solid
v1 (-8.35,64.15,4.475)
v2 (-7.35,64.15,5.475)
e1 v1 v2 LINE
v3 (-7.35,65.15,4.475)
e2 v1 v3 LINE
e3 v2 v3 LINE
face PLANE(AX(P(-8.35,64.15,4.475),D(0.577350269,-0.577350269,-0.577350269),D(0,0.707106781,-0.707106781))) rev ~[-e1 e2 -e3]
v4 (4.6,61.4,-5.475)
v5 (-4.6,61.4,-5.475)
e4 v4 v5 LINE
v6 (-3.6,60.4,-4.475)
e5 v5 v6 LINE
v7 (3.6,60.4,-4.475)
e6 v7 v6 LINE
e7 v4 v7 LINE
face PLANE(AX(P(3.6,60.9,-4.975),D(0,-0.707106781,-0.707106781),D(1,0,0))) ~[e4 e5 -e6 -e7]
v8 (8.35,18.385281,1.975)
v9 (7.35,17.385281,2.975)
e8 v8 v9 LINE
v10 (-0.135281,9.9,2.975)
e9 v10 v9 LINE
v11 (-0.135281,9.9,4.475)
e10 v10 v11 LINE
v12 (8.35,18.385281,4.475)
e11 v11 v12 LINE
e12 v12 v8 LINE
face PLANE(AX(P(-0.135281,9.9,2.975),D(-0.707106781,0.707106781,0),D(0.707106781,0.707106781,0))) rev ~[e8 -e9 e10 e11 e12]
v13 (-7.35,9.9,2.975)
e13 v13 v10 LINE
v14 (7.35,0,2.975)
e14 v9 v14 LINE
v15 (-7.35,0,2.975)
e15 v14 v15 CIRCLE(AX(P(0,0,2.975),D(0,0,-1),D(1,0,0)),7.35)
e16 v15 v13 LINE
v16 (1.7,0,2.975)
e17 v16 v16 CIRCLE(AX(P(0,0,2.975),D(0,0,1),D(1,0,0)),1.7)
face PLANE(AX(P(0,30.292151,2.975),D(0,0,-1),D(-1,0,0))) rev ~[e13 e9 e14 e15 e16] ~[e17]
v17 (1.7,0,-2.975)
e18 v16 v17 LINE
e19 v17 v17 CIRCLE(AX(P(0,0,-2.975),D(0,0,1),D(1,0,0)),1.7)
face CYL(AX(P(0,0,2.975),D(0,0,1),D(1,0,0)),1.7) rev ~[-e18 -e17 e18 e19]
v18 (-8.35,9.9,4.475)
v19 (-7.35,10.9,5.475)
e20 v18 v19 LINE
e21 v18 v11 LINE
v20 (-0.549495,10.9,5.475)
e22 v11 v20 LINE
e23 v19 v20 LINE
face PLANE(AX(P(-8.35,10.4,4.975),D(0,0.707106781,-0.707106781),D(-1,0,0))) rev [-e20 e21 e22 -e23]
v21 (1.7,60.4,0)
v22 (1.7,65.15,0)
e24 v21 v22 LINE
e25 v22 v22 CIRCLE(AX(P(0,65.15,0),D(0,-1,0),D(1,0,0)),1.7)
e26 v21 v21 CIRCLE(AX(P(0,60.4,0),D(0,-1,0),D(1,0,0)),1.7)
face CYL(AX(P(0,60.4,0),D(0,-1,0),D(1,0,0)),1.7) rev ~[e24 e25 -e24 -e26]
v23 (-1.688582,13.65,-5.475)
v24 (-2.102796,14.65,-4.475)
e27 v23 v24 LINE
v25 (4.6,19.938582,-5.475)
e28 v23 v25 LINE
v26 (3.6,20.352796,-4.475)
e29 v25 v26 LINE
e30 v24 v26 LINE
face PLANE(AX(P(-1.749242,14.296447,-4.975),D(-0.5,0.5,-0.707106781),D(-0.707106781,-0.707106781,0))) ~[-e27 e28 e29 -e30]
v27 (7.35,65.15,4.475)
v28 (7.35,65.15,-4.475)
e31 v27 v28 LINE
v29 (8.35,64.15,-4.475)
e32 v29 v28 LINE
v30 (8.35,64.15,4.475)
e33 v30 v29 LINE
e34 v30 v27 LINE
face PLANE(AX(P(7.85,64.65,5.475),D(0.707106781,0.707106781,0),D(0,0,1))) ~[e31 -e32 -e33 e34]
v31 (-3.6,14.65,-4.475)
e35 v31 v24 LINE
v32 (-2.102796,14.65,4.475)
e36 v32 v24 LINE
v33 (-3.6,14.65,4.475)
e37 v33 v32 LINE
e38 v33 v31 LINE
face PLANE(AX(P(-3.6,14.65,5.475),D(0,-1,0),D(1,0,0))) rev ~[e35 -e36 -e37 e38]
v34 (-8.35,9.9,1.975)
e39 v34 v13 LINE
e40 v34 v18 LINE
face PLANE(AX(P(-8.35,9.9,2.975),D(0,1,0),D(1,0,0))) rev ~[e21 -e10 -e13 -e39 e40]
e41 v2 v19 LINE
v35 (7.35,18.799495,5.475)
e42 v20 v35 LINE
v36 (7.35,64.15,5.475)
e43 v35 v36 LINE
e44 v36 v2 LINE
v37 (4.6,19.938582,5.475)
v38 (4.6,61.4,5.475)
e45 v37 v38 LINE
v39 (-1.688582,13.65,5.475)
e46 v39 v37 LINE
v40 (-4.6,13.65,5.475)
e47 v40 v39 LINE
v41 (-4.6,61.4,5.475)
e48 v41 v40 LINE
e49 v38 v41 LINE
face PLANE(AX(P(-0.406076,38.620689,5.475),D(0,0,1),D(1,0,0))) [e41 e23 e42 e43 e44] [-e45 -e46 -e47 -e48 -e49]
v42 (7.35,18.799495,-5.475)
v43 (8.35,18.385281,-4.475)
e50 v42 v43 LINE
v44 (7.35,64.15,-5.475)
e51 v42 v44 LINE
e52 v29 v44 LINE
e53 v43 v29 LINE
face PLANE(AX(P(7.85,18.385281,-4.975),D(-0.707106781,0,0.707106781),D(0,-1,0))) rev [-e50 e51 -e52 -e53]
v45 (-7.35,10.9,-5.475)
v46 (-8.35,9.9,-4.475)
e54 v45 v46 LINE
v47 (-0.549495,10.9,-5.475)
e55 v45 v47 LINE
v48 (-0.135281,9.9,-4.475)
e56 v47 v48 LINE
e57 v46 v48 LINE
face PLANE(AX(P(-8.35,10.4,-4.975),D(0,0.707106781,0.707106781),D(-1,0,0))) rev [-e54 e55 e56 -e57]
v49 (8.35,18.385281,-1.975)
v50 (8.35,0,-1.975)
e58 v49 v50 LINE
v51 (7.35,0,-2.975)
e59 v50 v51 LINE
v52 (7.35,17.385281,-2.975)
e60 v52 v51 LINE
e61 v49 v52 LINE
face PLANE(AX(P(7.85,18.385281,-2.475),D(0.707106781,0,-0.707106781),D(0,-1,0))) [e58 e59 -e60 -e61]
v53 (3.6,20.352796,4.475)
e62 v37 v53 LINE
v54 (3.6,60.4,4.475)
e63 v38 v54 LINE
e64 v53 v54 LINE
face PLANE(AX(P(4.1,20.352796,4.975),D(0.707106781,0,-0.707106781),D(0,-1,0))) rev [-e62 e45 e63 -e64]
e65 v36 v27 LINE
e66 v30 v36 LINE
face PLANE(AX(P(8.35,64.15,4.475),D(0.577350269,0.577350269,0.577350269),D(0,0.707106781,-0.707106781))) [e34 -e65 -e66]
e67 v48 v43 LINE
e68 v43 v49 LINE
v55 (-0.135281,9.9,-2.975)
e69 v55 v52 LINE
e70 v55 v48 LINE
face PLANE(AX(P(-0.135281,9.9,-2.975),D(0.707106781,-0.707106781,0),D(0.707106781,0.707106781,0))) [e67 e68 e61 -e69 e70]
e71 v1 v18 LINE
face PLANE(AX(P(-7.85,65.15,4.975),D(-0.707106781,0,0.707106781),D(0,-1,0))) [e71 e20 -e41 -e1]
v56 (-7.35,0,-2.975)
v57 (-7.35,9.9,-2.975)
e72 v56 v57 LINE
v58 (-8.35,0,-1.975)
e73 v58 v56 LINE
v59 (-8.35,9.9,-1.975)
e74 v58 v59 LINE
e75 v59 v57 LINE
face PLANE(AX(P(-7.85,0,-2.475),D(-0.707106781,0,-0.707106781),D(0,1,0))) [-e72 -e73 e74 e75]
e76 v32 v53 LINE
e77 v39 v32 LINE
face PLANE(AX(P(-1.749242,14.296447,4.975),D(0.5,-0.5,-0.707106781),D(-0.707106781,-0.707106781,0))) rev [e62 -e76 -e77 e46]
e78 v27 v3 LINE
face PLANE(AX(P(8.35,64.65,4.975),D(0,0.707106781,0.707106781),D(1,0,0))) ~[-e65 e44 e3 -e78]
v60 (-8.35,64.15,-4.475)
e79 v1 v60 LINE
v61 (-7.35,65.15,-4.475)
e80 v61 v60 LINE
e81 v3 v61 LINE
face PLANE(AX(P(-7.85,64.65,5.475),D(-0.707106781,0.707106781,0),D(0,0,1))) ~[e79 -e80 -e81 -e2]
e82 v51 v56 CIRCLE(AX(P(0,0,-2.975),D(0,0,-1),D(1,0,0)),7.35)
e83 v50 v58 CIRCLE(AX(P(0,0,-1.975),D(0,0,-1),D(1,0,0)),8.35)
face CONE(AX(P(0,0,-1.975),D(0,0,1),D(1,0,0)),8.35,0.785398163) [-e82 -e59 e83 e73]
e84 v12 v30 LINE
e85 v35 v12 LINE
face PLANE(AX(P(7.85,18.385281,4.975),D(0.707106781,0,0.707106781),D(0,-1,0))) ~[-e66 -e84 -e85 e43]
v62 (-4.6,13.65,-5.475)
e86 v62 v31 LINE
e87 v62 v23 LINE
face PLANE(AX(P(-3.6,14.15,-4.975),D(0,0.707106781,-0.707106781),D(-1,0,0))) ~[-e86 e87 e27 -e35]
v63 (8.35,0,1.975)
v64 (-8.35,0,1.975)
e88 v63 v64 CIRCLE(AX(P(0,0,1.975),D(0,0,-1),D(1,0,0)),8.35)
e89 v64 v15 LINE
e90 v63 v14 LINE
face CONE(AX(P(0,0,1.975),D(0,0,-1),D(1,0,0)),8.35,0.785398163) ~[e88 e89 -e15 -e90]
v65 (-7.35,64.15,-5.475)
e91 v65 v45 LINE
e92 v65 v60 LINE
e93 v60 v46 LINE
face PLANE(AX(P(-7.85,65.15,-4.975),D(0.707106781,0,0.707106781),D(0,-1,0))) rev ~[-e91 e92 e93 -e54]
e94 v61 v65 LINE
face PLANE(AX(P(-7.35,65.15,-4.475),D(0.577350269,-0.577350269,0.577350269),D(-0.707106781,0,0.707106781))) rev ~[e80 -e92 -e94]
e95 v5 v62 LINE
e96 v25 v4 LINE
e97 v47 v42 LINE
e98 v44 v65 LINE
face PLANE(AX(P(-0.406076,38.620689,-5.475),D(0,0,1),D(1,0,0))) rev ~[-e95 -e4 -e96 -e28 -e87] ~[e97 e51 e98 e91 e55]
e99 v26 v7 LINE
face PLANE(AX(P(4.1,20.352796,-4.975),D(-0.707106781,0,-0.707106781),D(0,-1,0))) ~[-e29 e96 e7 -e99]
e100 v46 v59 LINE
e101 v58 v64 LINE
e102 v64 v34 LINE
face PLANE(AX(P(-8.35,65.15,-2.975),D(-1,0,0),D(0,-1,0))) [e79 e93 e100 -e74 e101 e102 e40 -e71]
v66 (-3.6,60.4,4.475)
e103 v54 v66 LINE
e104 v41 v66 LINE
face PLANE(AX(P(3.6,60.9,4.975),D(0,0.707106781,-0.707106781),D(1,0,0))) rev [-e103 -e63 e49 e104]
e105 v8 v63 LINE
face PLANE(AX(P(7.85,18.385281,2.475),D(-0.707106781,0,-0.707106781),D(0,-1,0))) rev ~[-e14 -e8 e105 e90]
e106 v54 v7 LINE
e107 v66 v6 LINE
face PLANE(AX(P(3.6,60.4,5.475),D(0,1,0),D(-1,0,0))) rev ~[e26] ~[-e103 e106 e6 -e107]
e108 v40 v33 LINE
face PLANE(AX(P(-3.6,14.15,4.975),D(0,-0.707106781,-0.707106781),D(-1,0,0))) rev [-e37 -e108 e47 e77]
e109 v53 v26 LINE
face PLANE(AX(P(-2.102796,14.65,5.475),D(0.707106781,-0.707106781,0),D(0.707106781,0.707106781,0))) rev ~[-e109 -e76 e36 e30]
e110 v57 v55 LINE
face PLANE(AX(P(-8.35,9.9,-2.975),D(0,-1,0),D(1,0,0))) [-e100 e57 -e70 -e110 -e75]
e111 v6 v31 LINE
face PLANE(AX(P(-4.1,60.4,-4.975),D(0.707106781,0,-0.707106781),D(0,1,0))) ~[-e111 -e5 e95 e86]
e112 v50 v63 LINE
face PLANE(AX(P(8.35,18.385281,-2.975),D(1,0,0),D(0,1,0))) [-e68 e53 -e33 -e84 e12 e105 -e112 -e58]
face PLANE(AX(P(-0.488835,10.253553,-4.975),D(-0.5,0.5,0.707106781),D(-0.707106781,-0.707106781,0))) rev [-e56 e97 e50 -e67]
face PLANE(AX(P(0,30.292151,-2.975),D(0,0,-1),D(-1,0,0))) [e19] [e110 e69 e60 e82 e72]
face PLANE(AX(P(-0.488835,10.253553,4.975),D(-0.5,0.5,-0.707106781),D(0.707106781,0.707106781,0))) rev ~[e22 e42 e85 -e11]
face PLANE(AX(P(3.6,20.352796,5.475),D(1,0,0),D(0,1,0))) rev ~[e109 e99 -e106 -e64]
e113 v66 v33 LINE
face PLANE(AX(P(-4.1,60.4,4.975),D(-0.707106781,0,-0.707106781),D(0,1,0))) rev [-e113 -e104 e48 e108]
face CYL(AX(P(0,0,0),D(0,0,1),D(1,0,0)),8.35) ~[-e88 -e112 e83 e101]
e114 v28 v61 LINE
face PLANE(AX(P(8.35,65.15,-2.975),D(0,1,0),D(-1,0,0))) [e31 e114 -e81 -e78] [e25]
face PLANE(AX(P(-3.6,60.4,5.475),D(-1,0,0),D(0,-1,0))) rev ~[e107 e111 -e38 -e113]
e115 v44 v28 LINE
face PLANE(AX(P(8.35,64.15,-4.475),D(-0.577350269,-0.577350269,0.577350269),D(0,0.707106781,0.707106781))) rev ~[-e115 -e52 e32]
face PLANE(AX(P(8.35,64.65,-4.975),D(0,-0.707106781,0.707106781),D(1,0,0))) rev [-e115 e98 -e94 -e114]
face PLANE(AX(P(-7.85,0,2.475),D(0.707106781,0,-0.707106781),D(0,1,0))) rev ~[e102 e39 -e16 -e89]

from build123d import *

# Parameters (mm, degrees)
BOSS_EXTRUDE1_DEPTH = 2.975
BOSS_EXTRUDE2_DEPTH = 2.5
BOSS_EXTRUDE3_START = -5.95
BOSS_EXTRUDE3_DEPTH = 2.5
CUT_EXTRUDE3_DEPTH  = 11.95
SKETCH6_R           = 1.7
CUT_EXTRUDE4_DEPTH  = 5.75
SKETCH7_R           = 1.7
CUT_EXTRUDE5_DEPTH  = 9.45
CHAMFER1_SIZE       = 1


with BuildPart() as part:
    # Sketch1 → Boss-Extrude1 (new body, symmetric)
    with BuildSketch(Plane.XY):
        with BuildLine():
            Line((-8.35, 0), (-8.35, 65.15))
            Line((-8.35, 65.15), (8.35, 65.15))
            Line((8.35, 65.15), (8.35, 0))
            ThreePointArc((8.35, 0), (0, -8.35), (-8.35, 0))
        make_face()
    extrude(amount=BOSS_EXTRUDE1_DEPTH, both=True)

    # Sketch4 → Boss-Extrude2 (add)
    with BuildSketch(Plane.XY.offset(2.975)):
        Polygon((-8.35, 65.15), (-8.35, 9.9), (-0.135281374, 9.9), (8.35, 18.385281374), (8.35, 65.15), align=None)
    extrude(amount=BOSS_EXTRUDE2_DEPTH)

    # Sketch4<2> → Boss-Extrude3 (add)
    with BuildSketch(Plane.XY.offset(2.975).offset(BOSS_EXTRUDE3_START)):
        Polygon((-8.35, 65.15), (-8.35, 9.9), (-0.135281374, 9.9), (8.35, 18.385281374), (8.35, 65.15), align=None)
    extrude(amount=-BOSS_EXTRUDE3_DEPTH)

    # Sketch5 → Cut-Extrude3 (cut, through all)
    with BuildSketch(Plane.XY.offset(5.475)):
        Polygon((-3.6, 14.65), (-2.102795796, 14.65), (3.6, 20.352795796), (3.6, 60.4), (-3.6, 60.4), align=None)
    extrude(amount=-CUT_EXTRUDE3_DEPTH, mode=Mode.SUBTRACT)

    # Sketch6 → Cut-Extrude4 (cut, through all)
    with BuildSketch(Plane.XZ.offset(-60.4)):
        Circle(SKETCH6_R)
    extrude(amount=-CUT_EXTRUDE4_DEPTH, mode=Mode.SUBTRACT)

    # Sketch7 → Cut-Extrude5 (cut, through all)
    with BuildSketch(Plane.XY.offset(2.975)):
        Circle(SKETCH7_R)
    extrude(amount=-CUT_EXTRUDE5_DEPTH, mode=Mode.SUBTRACT)

    # Chamfer1
    chamfer1_edges = [part.edges().sort_by_distance(p)[0] for p in [
        (-8.35, 4.95, 2.975),
        (0, 65.15, 5.475),
        (-8.35, 37.525, 5.475),
        (-4.242640687, 9.9, 5.475),
        (4.107359313, 14.142640687, 5.475),
        (8.35, 41.767640687, 5.475),
        (-8.35, 4.95, -2.975),
        (4.107359313, 14.142640687, -5.475),
        (-4.242640687, 9.9, -5.475),
        (-8.35, 37.525, -5.475),
        (0, 65.15, -5.475),
        (8.35, 41.767640687, -5.475),
        (0, -8.35, 2.975),
        (3.6, 40.376397898, -5.475),
        (0.748602102, 17.501397898, -5.475),
        (-2.851397898, 14.65, -5.475),
        (-3.6, 37.525, -5.475),
        (0, 60.4, -5.475),
        (3.6, 40.376397898, 5.475),
        (0, 60.4, 5.475),
        (-3.6, 37.525, 5.475),
        (-2.851397898, 14.65, 5.475),
        (0.748602102, 17.501397898, 5.475),
        (8.35, 9.192640687, -2.975),
        (0, -8.35, -2.975),
        (-8.35, 65.15, 0),
        (8.35, 65.15, 0),
        (8.35, 9.192640687, 2.975),
    ]]
    chamfer(chamfer1_edges, length=CHAMFER1_SIZE)


solid = part.part
